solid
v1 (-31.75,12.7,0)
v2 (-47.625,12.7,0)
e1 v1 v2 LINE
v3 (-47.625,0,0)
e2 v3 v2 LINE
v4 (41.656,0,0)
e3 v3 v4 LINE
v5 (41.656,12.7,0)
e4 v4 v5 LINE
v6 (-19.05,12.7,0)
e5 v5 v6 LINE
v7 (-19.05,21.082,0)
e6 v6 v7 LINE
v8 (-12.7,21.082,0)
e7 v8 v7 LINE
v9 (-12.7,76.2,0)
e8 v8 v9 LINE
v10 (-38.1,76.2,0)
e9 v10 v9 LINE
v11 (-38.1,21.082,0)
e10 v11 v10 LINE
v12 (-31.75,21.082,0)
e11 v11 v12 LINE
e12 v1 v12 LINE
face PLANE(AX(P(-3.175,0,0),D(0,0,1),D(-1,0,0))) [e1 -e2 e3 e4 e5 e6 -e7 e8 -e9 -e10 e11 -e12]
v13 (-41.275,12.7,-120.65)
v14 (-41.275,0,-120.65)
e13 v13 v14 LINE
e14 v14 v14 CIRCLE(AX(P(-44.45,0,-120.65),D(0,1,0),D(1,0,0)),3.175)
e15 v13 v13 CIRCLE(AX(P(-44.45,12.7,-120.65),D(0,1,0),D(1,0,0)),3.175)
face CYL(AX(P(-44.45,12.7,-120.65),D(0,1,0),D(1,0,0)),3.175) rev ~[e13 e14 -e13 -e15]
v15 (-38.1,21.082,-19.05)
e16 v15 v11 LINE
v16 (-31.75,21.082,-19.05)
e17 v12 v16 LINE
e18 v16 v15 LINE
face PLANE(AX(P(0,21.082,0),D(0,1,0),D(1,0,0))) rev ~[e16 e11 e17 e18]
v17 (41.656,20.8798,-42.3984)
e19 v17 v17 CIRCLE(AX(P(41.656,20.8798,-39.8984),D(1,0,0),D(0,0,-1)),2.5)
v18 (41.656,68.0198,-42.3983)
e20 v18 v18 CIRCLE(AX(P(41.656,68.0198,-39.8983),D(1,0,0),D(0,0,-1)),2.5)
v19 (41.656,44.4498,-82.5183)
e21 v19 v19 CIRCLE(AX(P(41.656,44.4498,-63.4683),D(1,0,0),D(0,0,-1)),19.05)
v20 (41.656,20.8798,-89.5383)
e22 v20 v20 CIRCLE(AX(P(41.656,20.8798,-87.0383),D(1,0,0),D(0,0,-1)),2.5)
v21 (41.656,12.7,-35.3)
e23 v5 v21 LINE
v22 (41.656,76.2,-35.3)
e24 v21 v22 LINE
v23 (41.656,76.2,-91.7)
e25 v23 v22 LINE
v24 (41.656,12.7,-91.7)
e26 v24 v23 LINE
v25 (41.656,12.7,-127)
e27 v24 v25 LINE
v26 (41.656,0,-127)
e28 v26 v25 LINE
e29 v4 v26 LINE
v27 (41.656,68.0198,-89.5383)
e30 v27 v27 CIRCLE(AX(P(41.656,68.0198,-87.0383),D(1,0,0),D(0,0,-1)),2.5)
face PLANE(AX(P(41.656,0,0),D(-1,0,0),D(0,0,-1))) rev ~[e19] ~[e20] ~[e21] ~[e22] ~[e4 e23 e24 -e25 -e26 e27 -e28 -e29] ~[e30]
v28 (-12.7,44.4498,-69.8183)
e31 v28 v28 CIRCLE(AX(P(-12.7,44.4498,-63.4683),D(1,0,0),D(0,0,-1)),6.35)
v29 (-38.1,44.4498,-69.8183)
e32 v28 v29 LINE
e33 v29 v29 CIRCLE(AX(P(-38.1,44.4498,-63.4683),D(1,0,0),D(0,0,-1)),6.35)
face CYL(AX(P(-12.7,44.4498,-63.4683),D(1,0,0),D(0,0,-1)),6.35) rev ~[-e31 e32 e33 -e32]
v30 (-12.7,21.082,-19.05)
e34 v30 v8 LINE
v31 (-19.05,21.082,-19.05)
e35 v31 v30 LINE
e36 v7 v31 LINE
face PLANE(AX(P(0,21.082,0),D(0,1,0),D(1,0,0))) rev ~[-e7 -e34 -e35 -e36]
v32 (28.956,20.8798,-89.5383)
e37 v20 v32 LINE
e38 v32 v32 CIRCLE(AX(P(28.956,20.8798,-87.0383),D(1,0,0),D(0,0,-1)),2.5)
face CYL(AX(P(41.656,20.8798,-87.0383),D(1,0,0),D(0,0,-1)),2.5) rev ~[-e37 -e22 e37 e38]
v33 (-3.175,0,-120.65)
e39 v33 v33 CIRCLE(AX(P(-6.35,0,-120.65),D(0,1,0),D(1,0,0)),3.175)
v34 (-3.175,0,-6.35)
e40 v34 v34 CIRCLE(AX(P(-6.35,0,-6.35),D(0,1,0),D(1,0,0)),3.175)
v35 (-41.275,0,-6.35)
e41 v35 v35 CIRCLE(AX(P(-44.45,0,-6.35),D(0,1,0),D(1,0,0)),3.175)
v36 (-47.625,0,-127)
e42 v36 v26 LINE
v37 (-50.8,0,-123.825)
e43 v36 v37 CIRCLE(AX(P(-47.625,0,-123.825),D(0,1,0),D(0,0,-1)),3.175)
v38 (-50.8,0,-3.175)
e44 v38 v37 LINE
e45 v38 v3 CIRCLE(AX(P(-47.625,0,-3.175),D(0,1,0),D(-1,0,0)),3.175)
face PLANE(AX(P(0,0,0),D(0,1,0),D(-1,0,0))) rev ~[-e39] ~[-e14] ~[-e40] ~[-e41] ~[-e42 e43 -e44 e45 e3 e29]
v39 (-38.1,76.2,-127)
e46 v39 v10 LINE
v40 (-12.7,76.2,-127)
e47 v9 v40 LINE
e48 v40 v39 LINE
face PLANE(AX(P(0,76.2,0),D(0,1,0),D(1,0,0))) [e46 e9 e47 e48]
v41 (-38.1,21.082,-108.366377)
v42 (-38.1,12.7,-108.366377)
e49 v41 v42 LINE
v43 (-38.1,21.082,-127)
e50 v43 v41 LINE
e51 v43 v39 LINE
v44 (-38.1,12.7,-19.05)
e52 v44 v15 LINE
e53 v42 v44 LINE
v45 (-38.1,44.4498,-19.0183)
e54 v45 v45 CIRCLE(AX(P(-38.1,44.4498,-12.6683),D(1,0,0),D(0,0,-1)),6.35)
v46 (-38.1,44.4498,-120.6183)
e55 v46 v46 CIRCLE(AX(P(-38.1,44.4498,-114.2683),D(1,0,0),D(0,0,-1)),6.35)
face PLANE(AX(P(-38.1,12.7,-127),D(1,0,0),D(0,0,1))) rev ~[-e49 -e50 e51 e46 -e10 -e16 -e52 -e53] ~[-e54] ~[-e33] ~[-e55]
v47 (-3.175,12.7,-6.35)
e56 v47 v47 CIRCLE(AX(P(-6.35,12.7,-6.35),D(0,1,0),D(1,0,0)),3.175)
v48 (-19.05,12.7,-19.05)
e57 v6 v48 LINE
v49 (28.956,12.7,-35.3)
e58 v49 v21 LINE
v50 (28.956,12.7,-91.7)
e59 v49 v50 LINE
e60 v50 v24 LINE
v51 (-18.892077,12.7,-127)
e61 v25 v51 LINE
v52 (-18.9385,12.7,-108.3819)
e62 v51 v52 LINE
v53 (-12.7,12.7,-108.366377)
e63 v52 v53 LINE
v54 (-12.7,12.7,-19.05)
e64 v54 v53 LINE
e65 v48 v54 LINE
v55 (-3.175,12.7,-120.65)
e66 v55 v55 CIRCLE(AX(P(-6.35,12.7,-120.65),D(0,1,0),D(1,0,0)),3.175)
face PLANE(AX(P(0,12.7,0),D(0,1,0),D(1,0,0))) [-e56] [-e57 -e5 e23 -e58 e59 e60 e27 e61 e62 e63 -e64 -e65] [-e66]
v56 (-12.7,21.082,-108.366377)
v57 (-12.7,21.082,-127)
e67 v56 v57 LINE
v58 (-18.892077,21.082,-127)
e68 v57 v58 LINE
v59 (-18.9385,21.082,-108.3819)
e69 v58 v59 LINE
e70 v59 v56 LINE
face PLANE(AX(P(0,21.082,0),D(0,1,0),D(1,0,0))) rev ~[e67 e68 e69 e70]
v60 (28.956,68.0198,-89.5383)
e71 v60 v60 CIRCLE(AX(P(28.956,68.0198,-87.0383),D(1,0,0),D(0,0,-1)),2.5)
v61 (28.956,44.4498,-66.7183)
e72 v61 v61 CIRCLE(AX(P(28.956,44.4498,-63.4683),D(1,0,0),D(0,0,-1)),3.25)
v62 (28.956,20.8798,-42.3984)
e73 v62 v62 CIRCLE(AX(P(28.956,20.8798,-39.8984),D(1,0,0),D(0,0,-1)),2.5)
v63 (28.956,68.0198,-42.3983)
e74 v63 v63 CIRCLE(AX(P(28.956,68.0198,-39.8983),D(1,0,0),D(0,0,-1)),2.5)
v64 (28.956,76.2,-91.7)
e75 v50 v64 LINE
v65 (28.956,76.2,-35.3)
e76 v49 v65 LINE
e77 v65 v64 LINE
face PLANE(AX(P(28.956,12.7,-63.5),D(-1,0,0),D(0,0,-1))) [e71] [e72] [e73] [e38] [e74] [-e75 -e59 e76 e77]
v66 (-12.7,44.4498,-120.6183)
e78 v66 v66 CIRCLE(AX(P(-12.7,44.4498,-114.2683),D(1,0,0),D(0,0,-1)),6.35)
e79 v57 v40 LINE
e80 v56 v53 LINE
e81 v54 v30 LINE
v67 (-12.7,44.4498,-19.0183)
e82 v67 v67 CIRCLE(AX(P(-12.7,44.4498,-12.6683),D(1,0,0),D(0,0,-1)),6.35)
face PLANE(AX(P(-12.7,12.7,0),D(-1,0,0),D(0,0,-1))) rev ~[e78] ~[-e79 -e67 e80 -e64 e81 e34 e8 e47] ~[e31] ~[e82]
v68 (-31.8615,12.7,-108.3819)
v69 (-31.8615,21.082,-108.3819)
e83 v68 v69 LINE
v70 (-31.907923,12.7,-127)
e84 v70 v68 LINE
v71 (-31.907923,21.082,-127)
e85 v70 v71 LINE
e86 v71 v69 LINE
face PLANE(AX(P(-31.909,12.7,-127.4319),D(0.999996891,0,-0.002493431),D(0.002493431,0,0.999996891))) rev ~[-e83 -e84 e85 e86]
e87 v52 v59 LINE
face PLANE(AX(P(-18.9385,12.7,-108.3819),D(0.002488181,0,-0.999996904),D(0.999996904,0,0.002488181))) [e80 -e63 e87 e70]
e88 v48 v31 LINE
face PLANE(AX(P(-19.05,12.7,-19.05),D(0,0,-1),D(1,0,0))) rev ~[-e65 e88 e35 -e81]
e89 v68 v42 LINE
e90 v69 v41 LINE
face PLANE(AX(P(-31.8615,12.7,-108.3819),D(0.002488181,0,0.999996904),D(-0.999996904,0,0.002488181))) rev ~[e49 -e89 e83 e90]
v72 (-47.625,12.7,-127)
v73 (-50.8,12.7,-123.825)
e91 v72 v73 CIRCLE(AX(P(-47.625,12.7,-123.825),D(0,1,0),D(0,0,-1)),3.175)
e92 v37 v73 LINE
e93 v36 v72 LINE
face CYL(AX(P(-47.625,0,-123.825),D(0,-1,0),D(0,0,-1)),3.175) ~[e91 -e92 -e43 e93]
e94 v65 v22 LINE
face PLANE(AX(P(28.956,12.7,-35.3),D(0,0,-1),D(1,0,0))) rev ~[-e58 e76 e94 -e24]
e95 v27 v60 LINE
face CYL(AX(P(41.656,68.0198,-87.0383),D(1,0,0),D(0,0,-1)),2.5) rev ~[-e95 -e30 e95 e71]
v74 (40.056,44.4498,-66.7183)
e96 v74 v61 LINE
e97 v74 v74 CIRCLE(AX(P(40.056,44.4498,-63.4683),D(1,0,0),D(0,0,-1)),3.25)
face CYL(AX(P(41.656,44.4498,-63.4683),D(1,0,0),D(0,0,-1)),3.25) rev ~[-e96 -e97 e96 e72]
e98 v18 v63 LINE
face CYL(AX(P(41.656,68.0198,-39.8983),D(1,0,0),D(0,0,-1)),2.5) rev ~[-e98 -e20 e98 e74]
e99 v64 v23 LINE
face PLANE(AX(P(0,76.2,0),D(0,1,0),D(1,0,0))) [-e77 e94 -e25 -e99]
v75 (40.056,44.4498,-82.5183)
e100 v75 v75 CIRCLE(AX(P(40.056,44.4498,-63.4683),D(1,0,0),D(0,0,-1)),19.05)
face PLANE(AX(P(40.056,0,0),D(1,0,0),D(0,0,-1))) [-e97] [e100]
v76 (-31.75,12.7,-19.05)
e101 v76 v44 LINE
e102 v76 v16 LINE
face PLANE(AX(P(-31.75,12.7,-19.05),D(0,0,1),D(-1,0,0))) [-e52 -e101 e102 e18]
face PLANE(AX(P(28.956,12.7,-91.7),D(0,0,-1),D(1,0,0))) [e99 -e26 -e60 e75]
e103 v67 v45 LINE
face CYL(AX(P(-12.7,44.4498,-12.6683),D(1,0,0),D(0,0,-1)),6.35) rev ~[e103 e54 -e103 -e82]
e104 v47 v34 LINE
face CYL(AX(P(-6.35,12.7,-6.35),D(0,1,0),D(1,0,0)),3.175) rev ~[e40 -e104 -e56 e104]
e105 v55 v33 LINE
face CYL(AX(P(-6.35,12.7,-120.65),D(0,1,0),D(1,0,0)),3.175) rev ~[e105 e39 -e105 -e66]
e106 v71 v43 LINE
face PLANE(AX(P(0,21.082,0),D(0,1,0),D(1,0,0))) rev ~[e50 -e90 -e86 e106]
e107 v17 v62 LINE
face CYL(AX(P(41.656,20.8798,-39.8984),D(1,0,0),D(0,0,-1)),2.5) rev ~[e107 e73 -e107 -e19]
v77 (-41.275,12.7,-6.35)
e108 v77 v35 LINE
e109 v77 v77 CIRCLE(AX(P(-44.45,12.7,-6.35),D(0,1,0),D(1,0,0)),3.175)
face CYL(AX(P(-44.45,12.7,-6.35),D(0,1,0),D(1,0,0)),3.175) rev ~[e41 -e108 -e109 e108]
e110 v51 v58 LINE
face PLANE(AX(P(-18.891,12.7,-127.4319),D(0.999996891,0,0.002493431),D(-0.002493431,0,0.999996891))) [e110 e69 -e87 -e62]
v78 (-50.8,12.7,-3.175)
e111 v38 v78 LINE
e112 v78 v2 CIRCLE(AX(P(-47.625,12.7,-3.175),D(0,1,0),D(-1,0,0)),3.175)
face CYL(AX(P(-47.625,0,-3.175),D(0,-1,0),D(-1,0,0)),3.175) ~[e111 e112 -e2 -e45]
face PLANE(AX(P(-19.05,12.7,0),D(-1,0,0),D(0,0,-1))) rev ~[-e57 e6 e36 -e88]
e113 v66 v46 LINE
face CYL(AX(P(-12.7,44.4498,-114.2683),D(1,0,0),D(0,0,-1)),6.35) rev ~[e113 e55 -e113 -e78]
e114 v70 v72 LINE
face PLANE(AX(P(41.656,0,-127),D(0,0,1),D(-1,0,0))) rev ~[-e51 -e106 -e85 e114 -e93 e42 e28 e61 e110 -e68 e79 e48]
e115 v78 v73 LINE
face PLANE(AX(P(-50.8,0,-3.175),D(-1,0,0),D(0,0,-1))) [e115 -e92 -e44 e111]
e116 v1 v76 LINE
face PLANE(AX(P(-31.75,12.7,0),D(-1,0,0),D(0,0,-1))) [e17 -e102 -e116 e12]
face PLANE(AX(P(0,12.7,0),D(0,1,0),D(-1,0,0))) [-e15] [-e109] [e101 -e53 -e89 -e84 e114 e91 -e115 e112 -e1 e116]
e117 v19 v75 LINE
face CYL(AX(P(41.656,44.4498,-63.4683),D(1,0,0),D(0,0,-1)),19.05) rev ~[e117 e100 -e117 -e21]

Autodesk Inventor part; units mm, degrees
ref_plane "YZ Plane" through (0, 0, 0) normal (1, 0, 0) x (0, 1, 0)
ref_plane "XZ Plane" through (0, 0, 0) normal (0, 1, 0) x (-1, 0, 0)
ref_plane "XY Plane" through (0, 0, 0) normal (0, 0, 1) x (1, 0, 0)
sketch "Sketch1" plane through (0, 0, 0) normal (0, 1, 0) x (-1, 0, 0)
  line L0 (3.175, 0) -> (47.625, 0)
  line L1 (50.8, -3.175) -> (50.8, -123.825)
  line L2 (47.625, -127) -> (3.175, -127)
  arc A0 (50.8, -3.175) -> (47.625, 0) centre (47.625, -3.175) ccw
  arc A1 (47.625, -127) -> (50.8, -123.825) centre (47.625, -123.825) ccw
  line L3 (0, 0) -> (-41.656, 0)
  line L4 (-41.656, 0) -> (-41.656, -127)
  line L5 (-41.656, -127) -> (0, -127)
  line L6 (3.175, -127) -> (0, -127)
  line L7 (3.175, 0) -> (0, 0)
  point P0 (50.8, -127)
  point P1 (50.8, 0)
  point P2 (0, -127)
  dimension "d0" = 50.8
  dimension "d1" = 127
  dimension "d4" = 3.175
  dimension "d39" = 41.656
  dimension "d40" = 127
extrude "Extrusion1" add sketch "Sketch1" along normal blind 12.7
sketch "Sketch2" plane through (0, 12.7, 0) normal (0, 1, 0) x (1, 0, 0)
  line L0 (0, 0) -> (-6.35, 0) construction
  line L1 (-6.35, 0) -> (-6.35, 6.35) construction
  line L2 (-6.35, 6.35) -> (0, 6.35) construction
  line L3 (0, 6.35) -> (0, 0) construction
  circle A0 centre (-6.35, 6.35) radius 3.175
  line L4 (0, 3.175) -> (0, 123.825) construction
  line L5 (0, 63.5) -> (-50.8802, 63.5) construction
  line L6 (-50.8802, 63.5) -> (-25.4, 127) construction
  line L7 (41.656, 127) -> (-47.625, 127) construction
  line L8 (-25.4, 127) -> (-25.4, 0) construction
  line L9 (-47.625, 0) -> (41.656, 0) construction
  circle A1 centre (-6.35, 120.65) radius 3.175
  circle A2 centre (-44.45, 6.35) radius 3.175
  circle A3 centre (-44.45, 120.65) radius 3.175
  point P0 (-3.175, 127)
  point P1 (-3.175, 0)
  dimension "d5" = 6.35
  dimension "d6" = 6.35
  dimension "d7" = 6.35
extrude "Extrusion2" cut sketch "Sketch2" against normal through all
sketch "Sketch3" plane through (0, 12.7, 0) normal (0, 1, 0) x (1, 0, 0)
  line L0 (0, 0) -> (-12.7, 0) construction
  line L1 (0, 0) -> (12.7, 0) construction
  line L2 (-47.625, 0) -> (41.656, 0) construction
  line L3 (-25.4, 0) -> (-25.4, 127) construction
  line L4 (41.656, 127) -> (-47.625, 127) construction
  line L5 (-50.8, 0) -> (-38.1, 0) construction
  line L6 (-38.1, 0) -> (-12.7, 0)
  line L7 (-12.7, 0) -> (-12.7, 127)
  line L8 (-12.7, 127) -> (-38.1, 127)
  line L9 (-38.1, 127) -> (-38.1, 0)
  point P0 (-3.175, 0)
  point P1 (-3.175, 127)
  dimension "d14" = 12.7
  dimension "d15" = 180
  dimension "d36" = 25.4
extrude "Extrusion3" add sketch "Sketch3" along normal blind 63.5
sketch "Sketch5" plane through (-12.7, 12.7, 0) normal (1, 0, 0) x (0, 0, -1)
  line L0 (0, 63.5) -> (127, 63.5) construction
  line L1 (63.5, 63.5) -> (63.5, 0) construction
  line L2 (123.825, 0) -> (3.175, 0) construction
  line L3 (127, 0) -> (127, 63.5) construction
  circle A0 centre (63.4683, 31.7498) radius 6.35
  circle A1 centre (12.6683, 31.7498) radius 6.35
  circle A2 centre (114.2683, 31.7498) radius 6.35
  line L4 (0, 0) -> (0, 63.5) construction
  line L5 (0, 31.75) -> (127, 31.75) construction
  point P0 (0, -12.7)
  dimension "d24" = 12.7
  dimension "d27" = 12.7
  dimension "d37" = 50.8
  dimension "d38" = 50.8
extrude "Extrusion5" cut sketch "Sketch5" against normal through all
sketch "Sketch6" plane through (0, 12.7, 0) normal (0, 1, 0) x (1, 0, 0)
  line L0 (-12.7, 0) -> (-19.05, 0)
  line L1 (-19.05, 0) -> (-19.05, 19.05)
  line L2 (-19.05, 19.05) -> (-12.7, 19.05)
  line L3 (-12.7, 19.05) -> (-12.7, 0)
  line L4 (-38.1, 127) -> (-38.1, 0) construction
  line L5 (-38.4604, 63.7403) -> (-13.0604, 63.7086) construction
  line L6 (-12.7, 69.8183) -> (-12.7, 57.1183) construction
  line L7 (-12.541, 127.416) -> (-18.891, 127.4319)
  line L8 (-18.891, 127.4319) -> (-18.9385, 108.3819)
  line L9 (-18.9385, 108.3819) -> (-12.5885, 108.3661)
  line L10 (-12.5885, 108.3661) -> (-12.541, 127.416)
  line L11 (-47.625, 0) -> (41.656, 0) construction
  line L12 (-25.4, 0) -> (-25.4, 127) construction
  line L13 (41.656, 127) -> (-47.625, 127) construction
  line L14 (-38.1, 0) -> (-31.75, 0)
  line L15 (-31.75, 0) -> (-31.75, 19.05)
  line L16 (-31.75, 19.05) -> (-38.1, 19.05)
  line L17 (-38.1, 19.05) -> (-38.1, 0)
  line L18 (-38.1, 69.8183) -> (-38.1, 57.1183) construction
  line L19 (-38.259, 127.416) -> (-31.909, 127.4319)
  line L20 (-31.909, 127.4319) -> (-31.8615, 108.3819)
  line L21 (-31.8615, 108.3819) -> (-38.2115, 108.3661)
  line L22 (-38.2115, 108.3661) -> (-38.259, 127.416)
  line L23 (-47.625, 0) -> (-2.456, 0) construction
  point P0 (0, 0)
  point P1 (-3.175, 0)
  point P2 (-3.175, 127)
  point P3 (-37.7396, 63.7086)
  point P4 (-38.1, 69.8183)
  point P5 (-38.1, 57.1183)
  dimension "d30" = 6.35
  dimension "d31" = 19.05
extrude "Extrusion6" cut sketch "Sketch6" along normal blind 8.382
sketch "Sketch7" plane through (0, 12.7, 0) normal (0, 1, 0) x (1, 0, 0)
  line L0 (41.5616, 127.6536) -> (41.5616, 0) construction
  line L1 (41.656, 0) -> (41.656, 127) projected
  line L2 (41.656, 63.5) -> (28.956, 63.5) construction
  line L3 (28.956, 63.5) -> (28.956, 35.3)
  line L4 (28.956, 35.3) -> (41.656, 35.3)
  line L5 (41.656, 35.3) -> (41.656, 63.5)
  line L6 (28.956, 63.5) -> (28.956, 91.7)
  line L7 (28.956, 91.7) -> (41.656, 91.7)
  line L8 (41.656, 91.7) -> (41.656, 63.5)
  point P0 (0, 0)
  dimension "d41" = 12.7
  dimension "d42" = 28.2
extrude "Extrusion7" add sketch "Sketch7" along normal blind 63.5
sketch "Sketch8" plane through (41.656, 0, 0) normal (1, 0, 0) x (0, 0, -1)
  line L0 (127, 0) -> (123.825, 0) construction
  line L1 (0, 0) -> (127, 0) construction
  line L2 (123.825, 0) -> (3.175, 0) construction
  line L3 (63.5, 0) -> (63.5, 13.8176) construction
  circle A0 centre (63.4683, 44.4498) radius 6.35 construction
  line L4 (63.5, 13.8176) -> (63.4683, 44.4498) construction
  circle A1 centre (63.4683, 44.4498) radius 19.05
  dimension "d45" = 13.8176
  dimension "d46" = 38.1
extrude "Extrusion8" cut sketch "Sketch8" against normal blind 1.6
sketch "Sketch9" plane through (41.656, 0, 0) normal (1, 0, 0) x (0, 0, -1)
  line L0 (127, 0) -> (123.825, 0) construction
  line L1 (0, 0) -> (127, 0) construction
  line L2 (123.825, 0) -> (3.175, 0) construction
  line L3 (63.5, 0) -> (63.5, 13.8176) construction
  circle A0 centre (63.4683, 44.4498) radius 3.25
  line L4 (63.5, 13.8176) -> (63.4683, 44.4498) construction
  circle A1 centre (63.4683, 44.4498) radius 19.05 construction
  dimension "d49" = 13.8176
  dimension "d50" = 38.1
  dimension "d51" = 6.5
extrude "Extrusion9" cut sketch "Sketch9" against normal through all
sketch "Sketch10" plane through (41.656, 0, 0) normal (1, 0, 0) x (0, 0, -1)
  line L0 (127, 0) -> (123.825, 0) construction
  line L1 (0, 0) -> (127, 0) construction
  line L2 (123.825, 0) -> (3.175, 0) construction
  line L3 (63.5, 0) -> (63.5, 13.8176) construction
  circle A0 centre (63.4683, 44.4498) radius 6.35 construction
  line L4 (63.5, 13.8176) -> (63.4683, 44.4498) construction
  circle A1 centre (63.4683, 44.4498) radius 19.05 construction
  line L5 (87.0383, 68.0198) -> (39.8983, 68.0198) construction
  line L6 (39.8983, 68.0198) -> (39.8983, 20.8798) construction
  line L7 (39.8983, 20.8798) -> (87.0383, 20.8798) construction
  line L8 (87.0383, 20.8798) -> (87.0383, 68.0198) construction
  circle A2 centre (63.4683, 44.4498) radius 3.25 construction
  line L9 (87.0383, 68.0198) -> (39.8983, 20.8798) construction
  line L10 (39.8983, 68.0198) -> (87.0383, 20.8798) construction
  circle A3 centre (87.0383, 20.8798) radius 2.5
  circle A4 centre (39.8984, 20.8798) radius 2.5
  circle A5 centre (39.8983, 68.0198) radius 2.5
  circle A6 centre (87.0383, 68.0198) radius 2.5
  dimension "d54" = 13.8176
  dimension "d55" = 38.1
  dimension "d56" = 47.14
  dimension "d57" = 47.14
  dimension "d58" = 5
  dimension "d59" = 5
  dimension "d60" = 5
  dimension "d61" = 5
extrude "Extrusion10" cut sketch "Sketch10" against normal up to surface (12.7 mm away)
sketch "Sketch11" plane through (0, 0, 0) normal (0, -1, 0) x (1, 0, 0)
  line L0 (41.656, 0) -> (41.656, -35.3) construction
  line L1 (41.656, 0) -> (-47.625, 0) construction
  line L2 (-50.8, -3.175) -> (-50.8, -123.825) construction
  line L3 (-47.625, -127) -> (41.656, -127) construction
  line L4 (41.656, -127) -> (41.656, 0) construction
  arc A0 (-47.625, 0) -> (-50.8, -3.175) centre (-47.625, -3.175) ccw construction
  arc A1 (-50.8, -123.825) -> (-47.625, -127) centre (-47.625, -123.825) ccw construction
  circle A2 centre (-44.45, -6.35) radius 3.175 construction
  circle A3 centre (-44.45, -6.35) radius 3.175 construction
  circle A4 centre (-6.35, -6.35) radius 3.175 construction
  circle A5 centre (-6.35, -6.35) radius 3.175 construction
  circle A6 centre (-44.45, -120.65) radius 3.175 construction
  circle A7 centre (-44.45, -120.65) radius 3.175 construction
  circle A8 centre (-6.35, -120.65) radius 3.175 construction
  circle A9 centre (-6.35, -120.65) radius 3.175 construction
  point P0 (0, 0)
  dimension "d64" = 3.175
properties part number "Near Gantry Bracket"
